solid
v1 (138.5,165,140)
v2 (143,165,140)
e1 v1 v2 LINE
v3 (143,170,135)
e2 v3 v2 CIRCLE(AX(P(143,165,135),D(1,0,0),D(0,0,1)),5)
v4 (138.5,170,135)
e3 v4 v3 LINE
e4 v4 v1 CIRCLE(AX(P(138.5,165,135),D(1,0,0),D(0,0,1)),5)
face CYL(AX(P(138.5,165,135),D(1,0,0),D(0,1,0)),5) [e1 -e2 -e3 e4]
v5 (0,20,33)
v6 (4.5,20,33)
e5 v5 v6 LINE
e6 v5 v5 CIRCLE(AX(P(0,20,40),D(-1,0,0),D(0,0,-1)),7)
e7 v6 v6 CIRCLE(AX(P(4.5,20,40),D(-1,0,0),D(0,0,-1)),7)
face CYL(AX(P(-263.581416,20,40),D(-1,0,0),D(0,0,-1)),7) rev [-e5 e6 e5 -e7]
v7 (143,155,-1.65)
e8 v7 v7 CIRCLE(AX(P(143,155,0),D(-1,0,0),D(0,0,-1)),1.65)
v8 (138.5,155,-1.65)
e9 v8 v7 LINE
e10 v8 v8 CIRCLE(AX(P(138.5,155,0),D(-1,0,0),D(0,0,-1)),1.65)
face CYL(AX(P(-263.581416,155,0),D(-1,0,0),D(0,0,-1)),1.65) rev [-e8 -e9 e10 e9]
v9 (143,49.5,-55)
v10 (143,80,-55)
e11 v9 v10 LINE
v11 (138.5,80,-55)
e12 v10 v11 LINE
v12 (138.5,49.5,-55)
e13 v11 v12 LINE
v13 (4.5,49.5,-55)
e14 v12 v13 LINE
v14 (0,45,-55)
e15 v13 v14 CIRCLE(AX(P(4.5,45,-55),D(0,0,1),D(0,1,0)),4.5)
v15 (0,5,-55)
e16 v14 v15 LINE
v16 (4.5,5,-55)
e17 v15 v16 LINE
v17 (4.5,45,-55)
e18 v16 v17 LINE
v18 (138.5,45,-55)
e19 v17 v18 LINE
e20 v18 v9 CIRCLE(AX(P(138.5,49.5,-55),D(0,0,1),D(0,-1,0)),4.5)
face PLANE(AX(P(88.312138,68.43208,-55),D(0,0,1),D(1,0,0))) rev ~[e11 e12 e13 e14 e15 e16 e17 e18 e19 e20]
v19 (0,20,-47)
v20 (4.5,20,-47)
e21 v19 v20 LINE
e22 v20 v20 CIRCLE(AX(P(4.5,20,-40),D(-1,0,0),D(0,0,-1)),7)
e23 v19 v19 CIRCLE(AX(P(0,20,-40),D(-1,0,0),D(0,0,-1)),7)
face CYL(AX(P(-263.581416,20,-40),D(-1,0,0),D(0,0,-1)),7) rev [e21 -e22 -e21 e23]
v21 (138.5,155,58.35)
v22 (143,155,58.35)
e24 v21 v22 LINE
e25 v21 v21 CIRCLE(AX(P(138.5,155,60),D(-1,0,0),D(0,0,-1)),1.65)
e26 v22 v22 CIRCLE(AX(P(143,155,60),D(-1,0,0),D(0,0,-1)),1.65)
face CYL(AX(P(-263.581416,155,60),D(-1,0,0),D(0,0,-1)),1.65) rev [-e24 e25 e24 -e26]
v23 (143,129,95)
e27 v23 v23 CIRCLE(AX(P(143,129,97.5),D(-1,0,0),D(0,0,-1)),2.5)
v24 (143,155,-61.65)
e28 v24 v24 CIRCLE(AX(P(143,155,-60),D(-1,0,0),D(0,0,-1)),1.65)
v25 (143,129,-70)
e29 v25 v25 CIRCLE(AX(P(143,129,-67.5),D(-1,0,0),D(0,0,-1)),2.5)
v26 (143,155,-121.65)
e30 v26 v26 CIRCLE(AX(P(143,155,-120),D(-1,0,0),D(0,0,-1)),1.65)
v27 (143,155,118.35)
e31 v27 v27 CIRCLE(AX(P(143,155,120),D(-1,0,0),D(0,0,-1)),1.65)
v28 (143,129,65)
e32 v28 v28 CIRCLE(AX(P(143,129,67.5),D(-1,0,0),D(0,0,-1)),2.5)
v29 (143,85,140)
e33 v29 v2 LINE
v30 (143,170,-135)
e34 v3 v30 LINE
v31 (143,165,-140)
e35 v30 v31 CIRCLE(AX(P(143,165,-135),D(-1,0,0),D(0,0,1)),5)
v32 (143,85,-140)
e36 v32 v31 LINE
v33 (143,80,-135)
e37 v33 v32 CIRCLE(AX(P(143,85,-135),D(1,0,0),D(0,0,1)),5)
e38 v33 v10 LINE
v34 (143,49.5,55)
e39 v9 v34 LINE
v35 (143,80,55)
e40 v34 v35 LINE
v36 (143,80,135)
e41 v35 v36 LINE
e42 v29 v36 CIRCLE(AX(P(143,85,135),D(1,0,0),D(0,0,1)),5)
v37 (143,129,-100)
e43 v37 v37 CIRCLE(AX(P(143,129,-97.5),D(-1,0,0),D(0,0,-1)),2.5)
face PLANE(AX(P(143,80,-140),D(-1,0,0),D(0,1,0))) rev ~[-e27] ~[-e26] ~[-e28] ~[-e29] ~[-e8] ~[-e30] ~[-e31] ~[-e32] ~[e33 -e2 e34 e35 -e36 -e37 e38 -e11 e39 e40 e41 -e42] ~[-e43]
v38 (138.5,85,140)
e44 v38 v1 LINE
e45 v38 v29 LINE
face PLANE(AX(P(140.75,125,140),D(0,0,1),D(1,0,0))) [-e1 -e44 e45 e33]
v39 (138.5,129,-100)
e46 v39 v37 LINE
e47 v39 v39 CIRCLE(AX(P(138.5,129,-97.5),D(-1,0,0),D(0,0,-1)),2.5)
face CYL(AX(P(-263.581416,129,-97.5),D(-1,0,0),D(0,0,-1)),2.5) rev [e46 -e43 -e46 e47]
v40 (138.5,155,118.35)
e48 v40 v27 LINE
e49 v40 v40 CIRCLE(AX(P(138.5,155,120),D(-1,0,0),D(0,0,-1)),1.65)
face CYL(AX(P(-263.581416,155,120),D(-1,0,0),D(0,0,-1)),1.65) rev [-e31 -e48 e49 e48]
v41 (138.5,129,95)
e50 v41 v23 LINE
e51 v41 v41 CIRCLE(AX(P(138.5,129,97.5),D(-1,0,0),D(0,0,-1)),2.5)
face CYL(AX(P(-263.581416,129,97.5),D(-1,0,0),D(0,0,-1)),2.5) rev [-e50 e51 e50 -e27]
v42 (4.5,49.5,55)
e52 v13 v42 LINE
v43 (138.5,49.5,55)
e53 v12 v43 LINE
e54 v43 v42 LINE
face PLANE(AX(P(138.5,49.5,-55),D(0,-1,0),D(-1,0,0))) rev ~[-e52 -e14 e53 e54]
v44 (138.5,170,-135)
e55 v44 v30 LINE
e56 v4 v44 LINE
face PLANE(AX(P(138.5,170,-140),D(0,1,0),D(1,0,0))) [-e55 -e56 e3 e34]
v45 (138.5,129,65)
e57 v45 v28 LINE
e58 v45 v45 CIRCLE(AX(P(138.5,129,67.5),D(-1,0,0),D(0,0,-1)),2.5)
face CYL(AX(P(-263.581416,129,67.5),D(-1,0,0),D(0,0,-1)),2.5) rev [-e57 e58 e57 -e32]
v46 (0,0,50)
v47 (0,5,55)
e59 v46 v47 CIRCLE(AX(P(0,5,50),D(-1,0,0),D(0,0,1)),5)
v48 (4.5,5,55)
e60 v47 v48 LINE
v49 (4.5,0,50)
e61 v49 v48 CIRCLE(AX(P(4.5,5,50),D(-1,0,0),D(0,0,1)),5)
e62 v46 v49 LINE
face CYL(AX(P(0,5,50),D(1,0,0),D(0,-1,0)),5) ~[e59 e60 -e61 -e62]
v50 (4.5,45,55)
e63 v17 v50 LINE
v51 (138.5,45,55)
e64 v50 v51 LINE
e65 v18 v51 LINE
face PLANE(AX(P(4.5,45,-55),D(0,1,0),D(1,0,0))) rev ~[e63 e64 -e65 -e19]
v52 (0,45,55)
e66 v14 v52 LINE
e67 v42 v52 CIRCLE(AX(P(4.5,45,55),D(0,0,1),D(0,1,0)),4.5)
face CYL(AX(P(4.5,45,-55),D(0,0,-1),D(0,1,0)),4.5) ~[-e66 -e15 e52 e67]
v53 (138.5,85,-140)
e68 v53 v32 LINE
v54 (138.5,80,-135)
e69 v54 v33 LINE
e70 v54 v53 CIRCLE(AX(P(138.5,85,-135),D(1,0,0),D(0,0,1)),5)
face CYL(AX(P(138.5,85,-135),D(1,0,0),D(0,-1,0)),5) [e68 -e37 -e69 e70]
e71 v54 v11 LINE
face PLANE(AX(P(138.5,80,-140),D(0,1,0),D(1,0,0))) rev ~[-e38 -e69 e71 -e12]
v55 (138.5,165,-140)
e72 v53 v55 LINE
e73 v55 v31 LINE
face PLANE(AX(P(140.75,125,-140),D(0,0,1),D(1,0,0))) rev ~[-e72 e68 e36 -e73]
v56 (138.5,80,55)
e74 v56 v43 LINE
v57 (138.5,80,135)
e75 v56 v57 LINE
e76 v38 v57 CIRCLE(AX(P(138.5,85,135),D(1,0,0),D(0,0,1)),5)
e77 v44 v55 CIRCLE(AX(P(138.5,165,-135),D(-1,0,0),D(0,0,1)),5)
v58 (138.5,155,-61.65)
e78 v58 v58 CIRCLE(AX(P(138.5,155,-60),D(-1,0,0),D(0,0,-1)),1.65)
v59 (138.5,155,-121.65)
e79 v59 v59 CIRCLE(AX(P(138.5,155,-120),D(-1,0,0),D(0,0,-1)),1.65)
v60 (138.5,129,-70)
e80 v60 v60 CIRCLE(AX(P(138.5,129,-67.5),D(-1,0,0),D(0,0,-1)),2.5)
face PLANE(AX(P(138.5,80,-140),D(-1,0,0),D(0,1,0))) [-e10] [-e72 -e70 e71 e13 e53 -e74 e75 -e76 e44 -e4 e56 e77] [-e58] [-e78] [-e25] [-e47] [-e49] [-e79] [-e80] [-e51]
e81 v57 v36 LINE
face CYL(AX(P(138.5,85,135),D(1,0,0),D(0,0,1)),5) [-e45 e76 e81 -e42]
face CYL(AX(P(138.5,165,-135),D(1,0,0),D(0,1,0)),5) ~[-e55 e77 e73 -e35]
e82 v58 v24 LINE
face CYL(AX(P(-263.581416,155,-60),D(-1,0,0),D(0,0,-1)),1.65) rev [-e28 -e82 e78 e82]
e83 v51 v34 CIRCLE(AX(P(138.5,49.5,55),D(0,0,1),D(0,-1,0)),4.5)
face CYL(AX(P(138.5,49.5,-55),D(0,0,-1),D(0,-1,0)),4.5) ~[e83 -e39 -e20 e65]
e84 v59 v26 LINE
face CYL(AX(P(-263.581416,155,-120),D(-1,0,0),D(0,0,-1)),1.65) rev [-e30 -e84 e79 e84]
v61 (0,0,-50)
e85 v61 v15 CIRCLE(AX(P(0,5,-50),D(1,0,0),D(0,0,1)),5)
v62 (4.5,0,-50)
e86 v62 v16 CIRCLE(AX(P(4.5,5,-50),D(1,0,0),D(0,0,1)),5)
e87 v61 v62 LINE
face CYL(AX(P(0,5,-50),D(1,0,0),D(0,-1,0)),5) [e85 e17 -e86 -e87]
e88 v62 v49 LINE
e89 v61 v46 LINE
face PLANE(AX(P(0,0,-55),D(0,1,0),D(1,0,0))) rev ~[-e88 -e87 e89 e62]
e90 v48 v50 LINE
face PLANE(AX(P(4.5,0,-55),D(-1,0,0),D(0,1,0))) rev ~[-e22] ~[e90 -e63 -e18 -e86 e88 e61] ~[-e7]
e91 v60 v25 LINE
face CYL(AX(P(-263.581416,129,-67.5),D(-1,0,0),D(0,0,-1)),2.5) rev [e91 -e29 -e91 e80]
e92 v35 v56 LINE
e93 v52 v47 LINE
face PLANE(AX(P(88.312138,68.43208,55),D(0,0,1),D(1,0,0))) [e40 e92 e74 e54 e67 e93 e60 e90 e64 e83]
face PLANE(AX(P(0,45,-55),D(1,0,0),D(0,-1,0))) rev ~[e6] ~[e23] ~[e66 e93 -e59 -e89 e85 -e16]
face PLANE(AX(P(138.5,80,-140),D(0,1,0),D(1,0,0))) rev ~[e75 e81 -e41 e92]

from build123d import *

# Parameters (mm, degrees)
EXTRUDE_1_DEPTH          = 55
EXTRUDE_1_DEPTH_BACK     = 55
EXTRUDE_2_DEPTH          = 140
EXTRUDE_2_DEPTH_BACK     = 140
SKETCH_2_W               = 4.5
SKETCH_2_H               = 90
FILLET_1_R               = 5
CUT_EXTRUDE_1_DEPTH      = 263.581415946
CUT_EXTRUDE_1_DEPTH_BACK = 263.581415946
SKETCH_3_R               = 7
SKETCH_3_R_2             = 1.65
SKETCH_3_R_3             = 2.5


with BuildPart() as part:
    # ｽｹｯﾁ1 → ﾎﾞｽ - 押し出し1 (new, two sides: drawn at the far end of the back side and taken through both)
    with BuildSketch(Plane.XY.offset(-EXTRUDE_1_DEPTH_BACK)):
        with BuildLine():
            Line((0, 0), (4.5, 0))
            Line((4.5, 0), (4.5, 45))
            Line((4.5, 45), (138.5, 45))
            ThreePointArc((138.5, 45), (141.681980515, 46.318019485), (143, 49.5))
            Line((143, 49.5), (143, 170))
            Line((143, 170), (138.5, 170))
            Line((138.5, 170), (138.5, 49.5))
            Line((138.5, 49.5), (4.5, 49.5))
            ThreePointArc((4.5, 49.5), (1.318019485, 48.181980515), (0, 45))
            Line((0, 45), (0, 0))
        make_face()
    extrude(amount=EXTRUDE_1_DEPTH + EXTRUDE_1_DEPTH_BACK)

    # ｽｹｯﾁ2 → ﾎﾞｽ - 押し出し2 (add, two sides: drawn at the far end of the back side and taken through both)
    with BuildSketch(Plane.XY.offset(-EXTRUDE_2_DEPTH_BACK)):
        with Locations((140.75, 125)):
            Rectangle(SKETCH_2_W, SKETCH_2_H)
    extrude(amount=EXTRUDE_2_DEPTH + EXTRUDE_2_DEPTH_BACK)

    # ﾌｨﾚｯﾄ1
    fillet_1_edges = [part.edges().sort_by_distance(p)[0] for p in [
        (2.25, 0, -55),
        (140.75, 80, -140),
        (140.75, 170, -140),
        (140.75, 80, 140),
        (140.75, 170, 140),
        (2.25, 0, 55),
    ]]
    fillet(fillet_1_edges, radius=FILLET_1_R)

    # ｽｹｯﾁ3 → ｶｯﾄ - 押し出し1 (cut, two sides: drawn at the far end of the back side and taken through both)
    with BuildSketch(Plane(origin=(0, 0, 0), x_dir=(0, 0, -1), z_dir=(1, 0, 0)).offset(-CUT_EXTRUDE_1_DEPTH_BACK)):
        with Locations((40, 20)):
            Circle(SKETCH_3_R)
        with Locations((-40, 20)):
            Circle(SKETCH_3_R)
        with Locations((0, 155)):
            Circle(SKETCH_3_R_2)
        with Locations((60, 155)):
            Circle(SKETCH_3_R_2)
        with Locations((-60, 155)):
            Circle(SKETCH_3_R_2)
        with Locations((120, 155)):
            Circle(SKETCH_3_R_2)
        with Locations((-120, 155)):
            Circle(SKETCH_3_R_2)
        with Locations((67.5, 129)):
            Circle(SKETCH_3_R_3)
        with Locations((-67.5, 129)):
            Circle(SKETCH_3_R_3)
        with Locations((97.5, 129)):
            Circle(SKETCH_3_R_3)
        with Locations((-97.5, 129)):
            Circle(SKETCH_3_R_3)
    extrude(amount=CUT_EXTRUDE_1_DEPTH + CUT_EXTRUDE_1_DEPTH_BACK, mode=Mode.SUBTRACT)


solid = part.part
